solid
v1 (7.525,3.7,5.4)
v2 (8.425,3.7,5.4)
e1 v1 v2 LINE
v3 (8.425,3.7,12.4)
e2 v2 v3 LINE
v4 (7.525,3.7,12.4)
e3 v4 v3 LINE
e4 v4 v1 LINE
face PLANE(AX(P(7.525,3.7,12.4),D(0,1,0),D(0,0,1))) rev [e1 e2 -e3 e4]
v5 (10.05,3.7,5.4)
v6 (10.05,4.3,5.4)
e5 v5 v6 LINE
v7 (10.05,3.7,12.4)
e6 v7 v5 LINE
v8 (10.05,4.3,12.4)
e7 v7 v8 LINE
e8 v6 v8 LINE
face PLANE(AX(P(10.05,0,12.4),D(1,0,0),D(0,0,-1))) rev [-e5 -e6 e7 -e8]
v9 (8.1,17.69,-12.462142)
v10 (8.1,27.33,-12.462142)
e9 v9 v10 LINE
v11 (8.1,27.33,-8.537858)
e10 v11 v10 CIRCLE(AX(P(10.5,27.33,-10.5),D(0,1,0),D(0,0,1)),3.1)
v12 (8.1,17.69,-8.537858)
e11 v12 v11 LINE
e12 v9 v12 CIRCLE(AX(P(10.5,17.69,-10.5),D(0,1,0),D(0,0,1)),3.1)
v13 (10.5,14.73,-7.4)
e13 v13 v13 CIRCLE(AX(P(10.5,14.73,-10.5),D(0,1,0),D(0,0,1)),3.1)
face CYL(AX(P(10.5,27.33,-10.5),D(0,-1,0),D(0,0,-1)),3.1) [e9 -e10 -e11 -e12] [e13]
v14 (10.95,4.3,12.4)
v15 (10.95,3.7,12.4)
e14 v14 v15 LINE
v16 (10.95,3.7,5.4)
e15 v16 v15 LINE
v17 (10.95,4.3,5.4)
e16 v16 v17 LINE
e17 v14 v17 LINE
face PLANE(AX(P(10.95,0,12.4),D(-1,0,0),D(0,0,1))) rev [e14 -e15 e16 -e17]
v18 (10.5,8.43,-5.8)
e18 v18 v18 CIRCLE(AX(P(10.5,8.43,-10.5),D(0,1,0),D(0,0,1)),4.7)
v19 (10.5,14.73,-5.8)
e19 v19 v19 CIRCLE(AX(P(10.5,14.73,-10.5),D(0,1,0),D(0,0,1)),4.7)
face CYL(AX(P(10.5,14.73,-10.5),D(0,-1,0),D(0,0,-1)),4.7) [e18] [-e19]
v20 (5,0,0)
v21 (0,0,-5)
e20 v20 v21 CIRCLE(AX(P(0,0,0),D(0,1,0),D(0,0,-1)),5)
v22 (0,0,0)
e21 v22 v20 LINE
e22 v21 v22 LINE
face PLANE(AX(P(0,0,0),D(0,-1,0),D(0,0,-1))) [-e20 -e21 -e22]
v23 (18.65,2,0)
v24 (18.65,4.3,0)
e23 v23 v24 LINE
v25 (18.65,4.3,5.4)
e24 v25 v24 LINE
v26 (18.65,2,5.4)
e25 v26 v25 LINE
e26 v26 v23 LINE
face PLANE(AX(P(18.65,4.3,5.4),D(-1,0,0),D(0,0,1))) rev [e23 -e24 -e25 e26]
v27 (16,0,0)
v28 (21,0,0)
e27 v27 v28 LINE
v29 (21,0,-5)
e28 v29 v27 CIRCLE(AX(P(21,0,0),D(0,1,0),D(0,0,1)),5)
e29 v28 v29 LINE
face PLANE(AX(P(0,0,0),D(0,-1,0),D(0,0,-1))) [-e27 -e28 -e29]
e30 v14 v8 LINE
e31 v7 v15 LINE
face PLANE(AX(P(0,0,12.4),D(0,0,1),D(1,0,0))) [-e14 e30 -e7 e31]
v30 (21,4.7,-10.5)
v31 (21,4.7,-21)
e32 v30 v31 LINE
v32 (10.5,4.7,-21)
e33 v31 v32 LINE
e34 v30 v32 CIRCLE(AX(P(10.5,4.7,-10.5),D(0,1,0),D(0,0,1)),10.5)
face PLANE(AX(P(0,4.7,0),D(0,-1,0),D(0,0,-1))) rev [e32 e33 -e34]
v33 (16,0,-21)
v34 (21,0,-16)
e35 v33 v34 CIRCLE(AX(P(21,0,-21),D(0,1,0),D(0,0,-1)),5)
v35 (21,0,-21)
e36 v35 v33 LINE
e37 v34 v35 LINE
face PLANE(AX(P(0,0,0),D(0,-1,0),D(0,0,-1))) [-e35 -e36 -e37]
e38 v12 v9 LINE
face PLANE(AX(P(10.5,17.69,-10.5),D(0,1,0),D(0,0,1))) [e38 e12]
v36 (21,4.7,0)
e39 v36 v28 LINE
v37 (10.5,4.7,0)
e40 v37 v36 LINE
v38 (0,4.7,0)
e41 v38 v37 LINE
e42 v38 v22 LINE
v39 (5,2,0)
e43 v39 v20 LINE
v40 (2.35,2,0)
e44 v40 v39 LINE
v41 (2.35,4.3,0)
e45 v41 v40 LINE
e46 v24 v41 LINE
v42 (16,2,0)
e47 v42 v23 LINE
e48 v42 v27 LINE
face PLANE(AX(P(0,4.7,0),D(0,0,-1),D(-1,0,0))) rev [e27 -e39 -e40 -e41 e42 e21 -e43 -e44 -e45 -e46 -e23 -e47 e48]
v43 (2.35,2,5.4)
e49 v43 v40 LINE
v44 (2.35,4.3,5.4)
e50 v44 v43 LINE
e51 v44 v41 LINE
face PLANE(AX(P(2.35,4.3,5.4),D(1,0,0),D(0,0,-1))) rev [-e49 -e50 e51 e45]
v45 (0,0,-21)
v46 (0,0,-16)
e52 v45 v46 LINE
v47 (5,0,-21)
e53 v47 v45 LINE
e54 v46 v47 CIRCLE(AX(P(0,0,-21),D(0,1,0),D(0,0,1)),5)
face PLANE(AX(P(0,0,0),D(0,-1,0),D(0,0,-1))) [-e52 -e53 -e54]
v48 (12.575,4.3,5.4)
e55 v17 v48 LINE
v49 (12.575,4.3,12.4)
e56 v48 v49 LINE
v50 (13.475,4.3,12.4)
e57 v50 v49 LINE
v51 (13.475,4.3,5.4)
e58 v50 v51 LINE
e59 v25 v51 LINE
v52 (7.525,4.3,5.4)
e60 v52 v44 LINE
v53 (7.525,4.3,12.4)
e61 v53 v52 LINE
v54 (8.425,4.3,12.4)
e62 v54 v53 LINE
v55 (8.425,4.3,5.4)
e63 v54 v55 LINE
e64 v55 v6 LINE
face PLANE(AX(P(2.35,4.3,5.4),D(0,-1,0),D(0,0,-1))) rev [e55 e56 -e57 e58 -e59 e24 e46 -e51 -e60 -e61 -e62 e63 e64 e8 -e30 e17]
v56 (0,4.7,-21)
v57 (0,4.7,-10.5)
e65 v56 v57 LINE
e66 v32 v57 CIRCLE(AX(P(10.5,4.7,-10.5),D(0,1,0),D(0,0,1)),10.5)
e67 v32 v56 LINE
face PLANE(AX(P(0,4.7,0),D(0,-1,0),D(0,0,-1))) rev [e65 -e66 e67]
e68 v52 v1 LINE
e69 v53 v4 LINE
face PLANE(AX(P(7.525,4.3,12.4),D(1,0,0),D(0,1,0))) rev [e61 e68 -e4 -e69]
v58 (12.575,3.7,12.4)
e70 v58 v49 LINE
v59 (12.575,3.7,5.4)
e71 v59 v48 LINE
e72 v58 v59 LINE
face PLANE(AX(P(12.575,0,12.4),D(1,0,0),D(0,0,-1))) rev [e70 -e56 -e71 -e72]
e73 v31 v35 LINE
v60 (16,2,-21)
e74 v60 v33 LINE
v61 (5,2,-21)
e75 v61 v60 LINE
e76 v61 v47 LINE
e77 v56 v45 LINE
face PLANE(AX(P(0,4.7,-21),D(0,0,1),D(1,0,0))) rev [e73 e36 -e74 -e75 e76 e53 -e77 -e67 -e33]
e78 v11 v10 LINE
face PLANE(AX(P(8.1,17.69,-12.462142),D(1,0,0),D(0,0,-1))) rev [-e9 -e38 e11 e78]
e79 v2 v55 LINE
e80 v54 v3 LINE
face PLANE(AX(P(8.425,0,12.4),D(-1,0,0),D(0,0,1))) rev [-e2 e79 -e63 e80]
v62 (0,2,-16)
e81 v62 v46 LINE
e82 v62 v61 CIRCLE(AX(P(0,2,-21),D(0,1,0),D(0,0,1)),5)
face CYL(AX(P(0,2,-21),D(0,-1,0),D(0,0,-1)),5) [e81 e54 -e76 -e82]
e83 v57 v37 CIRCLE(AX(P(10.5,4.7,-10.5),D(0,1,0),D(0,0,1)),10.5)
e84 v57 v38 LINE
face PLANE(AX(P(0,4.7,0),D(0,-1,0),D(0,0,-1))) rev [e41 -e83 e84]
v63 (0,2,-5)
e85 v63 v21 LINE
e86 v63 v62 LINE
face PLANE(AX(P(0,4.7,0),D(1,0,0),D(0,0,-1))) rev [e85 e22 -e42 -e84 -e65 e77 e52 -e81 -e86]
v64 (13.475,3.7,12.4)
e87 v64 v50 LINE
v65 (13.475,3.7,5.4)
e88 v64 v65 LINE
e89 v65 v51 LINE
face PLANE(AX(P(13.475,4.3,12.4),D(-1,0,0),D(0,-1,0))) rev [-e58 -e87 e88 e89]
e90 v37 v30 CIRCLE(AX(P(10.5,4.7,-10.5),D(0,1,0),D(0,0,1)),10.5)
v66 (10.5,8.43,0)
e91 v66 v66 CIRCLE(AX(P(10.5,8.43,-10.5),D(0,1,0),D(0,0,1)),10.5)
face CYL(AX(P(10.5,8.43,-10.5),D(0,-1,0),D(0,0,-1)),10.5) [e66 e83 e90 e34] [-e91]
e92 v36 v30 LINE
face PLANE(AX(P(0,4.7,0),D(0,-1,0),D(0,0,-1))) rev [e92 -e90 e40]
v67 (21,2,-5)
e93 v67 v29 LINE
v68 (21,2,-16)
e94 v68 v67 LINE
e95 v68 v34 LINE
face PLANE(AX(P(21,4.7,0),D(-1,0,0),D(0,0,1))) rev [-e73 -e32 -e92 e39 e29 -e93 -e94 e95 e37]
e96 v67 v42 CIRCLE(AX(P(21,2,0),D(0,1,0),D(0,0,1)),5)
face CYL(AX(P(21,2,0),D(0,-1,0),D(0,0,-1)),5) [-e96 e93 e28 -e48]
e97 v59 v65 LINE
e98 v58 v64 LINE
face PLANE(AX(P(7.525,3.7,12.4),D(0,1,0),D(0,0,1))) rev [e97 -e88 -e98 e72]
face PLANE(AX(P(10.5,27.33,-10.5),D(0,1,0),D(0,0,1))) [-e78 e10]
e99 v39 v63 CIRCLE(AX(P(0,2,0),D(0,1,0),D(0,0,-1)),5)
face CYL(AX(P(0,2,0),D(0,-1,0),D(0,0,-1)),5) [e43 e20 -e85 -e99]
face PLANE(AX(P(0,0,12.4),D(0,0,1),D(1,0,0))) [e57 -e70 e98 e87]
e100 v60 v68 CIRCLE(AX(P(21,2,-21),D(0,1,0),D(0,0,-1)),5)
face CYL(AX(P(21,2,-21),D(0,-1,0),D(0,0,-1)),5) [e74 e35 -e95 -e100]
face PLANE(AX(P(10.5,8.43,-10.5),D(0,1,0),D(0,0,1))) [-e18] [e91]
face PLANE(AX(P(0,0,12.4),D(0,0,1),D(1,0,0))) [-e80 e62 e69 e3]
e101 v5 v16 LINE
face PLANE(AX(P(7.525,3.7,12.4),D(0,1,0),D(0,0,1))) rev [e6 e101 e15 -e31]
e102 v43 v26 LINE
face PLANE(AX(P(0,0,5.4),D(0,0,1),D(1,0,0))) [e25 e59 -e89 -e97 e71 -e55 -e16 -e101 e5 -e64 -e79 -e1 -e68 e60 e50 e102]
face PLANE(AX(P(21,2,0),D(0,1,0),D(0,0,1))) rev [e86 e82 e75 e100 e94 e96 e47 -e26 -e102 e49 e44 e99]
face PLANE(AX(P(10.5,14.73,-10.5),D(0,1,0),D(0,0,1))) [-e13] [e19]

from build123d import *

# Parameters (mm, degrees)
SKETCH1_W               = 21
SKETCH1_H               = 21
BOSS_EXTRUDE1_DEPTH     = 4.7
SKETCH2_R               = 10.5
BOSS_EXTRUDE2_DEPTH     = 3.73
SKETCH3_R               = 4.7
BOSS_EXTRUDE3_DEPTH     = 6.3
SKETCH4_R               = 3.1
BOSS_EXTRUDE4_DEPTH     = 12.6
CUT_EXTRUDE1_DEPTH      = 2
SKETCH6_W               = 16.3
SKETCH6_H               = 2.3
BOSS_EXTRUDE5_DEPTH     = 5.4
SKETCH7_W               = 5.95
SKETCH7_H               = 0.6
BOSS_EXTRUDE6_DEPTH     = 7
SKETCH8_W               = 1.625
SKETCH8_H               = 7
CUT_EXTRUDE2_DEPTH      = 24.03
CUT_EXTRUDE2_DEPTH_BACK = 5.3
CUT_EXTRUDE3_DEPTH      = 9.64


with BuildPart() as part:
    # Sketch1 → Boss-Extrude1 (new body)
    with BuildSketch(Plane(origin=(0, 0, 0), x_dir=(1, 0, 0), z_dir=(0, 1, 0))):
        with Locations((10.5, 10.5)):
            Rectangle(SKETCH1_W, SKETCH1_H)
    extrude(amount=BOSS_EXTRUDE1_DEPTH)

    # Sketch2 → Boss-Extrude2 (add)
    with BuildSketch(Plane(origin=(0, 4.7, 0), x_dir=(1, 0, 0), z_dir=(0, 1, 0))):
        with Locations((10.5, 10.5)):
            Circle(SKETCH2_R)
    extrude(amount=BOSS_EXTRUDE2_DEPTH)

    # Sketch3 → Boss-Extrude3 (add)
    with BuildSketch(Plane(origin=(0, 8.43, 0), x_dir=(1, 0, 0), z_dir=(0, 1, 0))):
        with Locations((10.5, 10.5)):
            Circle(SKETCH3_R)
    extrude(amount=BOSS_EXTRUDE3_DEPTH)

    # Sketch4 → Boss-Extrude4 (add)
    with BuildSketch(Plane(origin=(0, 14.73, 0), x_dir=(1, 0, 0), z_dir=(0, 1, 0))):
        with Locations((10.5, 10.5)):
            Circle(SKETCH4_R)
    extrude(amount=BOSS_EXTRUDE4_DEPTH)

    # Sketch5 → Cut-Extrude1 (cut)
    with BuildSketch(Plane.XZ):
        with BuildLine():
            Line((5, 0), (16, 0))
            ThreePointArc((16, 0), (17.464466094, -3.535533906), (21, -5))
            Line((21, -5), (21, -16))
            ThreePointArc((21, -16), (17.464466094, -17.464466094), (16, -21))
            Line((16, -21), (5, -21))
            ThreePointArc((5, -21), (3.535533906, -17.464466094), (0, -16))
            Line((0, -16), (0, -5))
            ThreePointArc((0, -5), (3.535533906, -3.535533906), (5, 0))
        make_face()
    extrude(amount=-CUT_EXTRUDE1_DEPTH, mode=Mode.SUBTRACT)

    # Sketch6 → Boss-Extrude5 (add)
    with BuildSketch(Plane.XY):
        with Locations((10.5, 3.15)):
            Rectangle(SKETCH6_W, SKETCH6_H)
    extrude(amount=BOSS_EXTRUDE5_DEPTH)

    # Sketch7 → Boss-Extrude6 (add)
    with BuildSketch(Plane.XY.offset(5.4)):
        with Locations((10.5, 4)):
            Rectangle(SKETCH7_W, SKETCH7_H)
    extrude(amount=BOSS_EXTRUDE6_DEPTH)

    # Sketch8 → Cut-Extrude2 (cut, two sides)
    with BuildSketch(Plane(origin=(0, 4.3, 0), x_dir=(1, 0, 0), z_dir=(0, 1, 0))) as cut_extrude2_sk:
        with Locations((9.2375, -8.9)):
            Rectangle(SKETCH8_W, SKETCH8_H)
        with Locations((11.7625, -8.9)):
            Rectangle(SKETCH8_W, SKETCH8_H)
    extrude(amount=CUT_EXTRUDE2_DEPTH, mode=Mode.SUBTRACT)
    extrude(cut_extrude2_sk.sketch, amount=-CUT_EXTRUDE2_DEPTH_BACK, mode=Mode.SUBTRACT)

    # Sketch9 → Cut-Extrude3 (cut)
    with BuildSketch(Plane(origin=(0, 27.33, 0), x_dir=(1, 0, 0), z_dir=(0, 1, 0))):
        with BuildLine():
            Line((8.1, 12.462141687), (8.1, 8.537858313))
            ThreePointArc((8.1, 8.537858313), (7.4, 10.5), (8.1, 12.462141687))
        make_face()
    extrude(amount=-CUT_EXTRUDE3_DEPTH, mode=Mode.SUBTRACT)


solid = part.part
